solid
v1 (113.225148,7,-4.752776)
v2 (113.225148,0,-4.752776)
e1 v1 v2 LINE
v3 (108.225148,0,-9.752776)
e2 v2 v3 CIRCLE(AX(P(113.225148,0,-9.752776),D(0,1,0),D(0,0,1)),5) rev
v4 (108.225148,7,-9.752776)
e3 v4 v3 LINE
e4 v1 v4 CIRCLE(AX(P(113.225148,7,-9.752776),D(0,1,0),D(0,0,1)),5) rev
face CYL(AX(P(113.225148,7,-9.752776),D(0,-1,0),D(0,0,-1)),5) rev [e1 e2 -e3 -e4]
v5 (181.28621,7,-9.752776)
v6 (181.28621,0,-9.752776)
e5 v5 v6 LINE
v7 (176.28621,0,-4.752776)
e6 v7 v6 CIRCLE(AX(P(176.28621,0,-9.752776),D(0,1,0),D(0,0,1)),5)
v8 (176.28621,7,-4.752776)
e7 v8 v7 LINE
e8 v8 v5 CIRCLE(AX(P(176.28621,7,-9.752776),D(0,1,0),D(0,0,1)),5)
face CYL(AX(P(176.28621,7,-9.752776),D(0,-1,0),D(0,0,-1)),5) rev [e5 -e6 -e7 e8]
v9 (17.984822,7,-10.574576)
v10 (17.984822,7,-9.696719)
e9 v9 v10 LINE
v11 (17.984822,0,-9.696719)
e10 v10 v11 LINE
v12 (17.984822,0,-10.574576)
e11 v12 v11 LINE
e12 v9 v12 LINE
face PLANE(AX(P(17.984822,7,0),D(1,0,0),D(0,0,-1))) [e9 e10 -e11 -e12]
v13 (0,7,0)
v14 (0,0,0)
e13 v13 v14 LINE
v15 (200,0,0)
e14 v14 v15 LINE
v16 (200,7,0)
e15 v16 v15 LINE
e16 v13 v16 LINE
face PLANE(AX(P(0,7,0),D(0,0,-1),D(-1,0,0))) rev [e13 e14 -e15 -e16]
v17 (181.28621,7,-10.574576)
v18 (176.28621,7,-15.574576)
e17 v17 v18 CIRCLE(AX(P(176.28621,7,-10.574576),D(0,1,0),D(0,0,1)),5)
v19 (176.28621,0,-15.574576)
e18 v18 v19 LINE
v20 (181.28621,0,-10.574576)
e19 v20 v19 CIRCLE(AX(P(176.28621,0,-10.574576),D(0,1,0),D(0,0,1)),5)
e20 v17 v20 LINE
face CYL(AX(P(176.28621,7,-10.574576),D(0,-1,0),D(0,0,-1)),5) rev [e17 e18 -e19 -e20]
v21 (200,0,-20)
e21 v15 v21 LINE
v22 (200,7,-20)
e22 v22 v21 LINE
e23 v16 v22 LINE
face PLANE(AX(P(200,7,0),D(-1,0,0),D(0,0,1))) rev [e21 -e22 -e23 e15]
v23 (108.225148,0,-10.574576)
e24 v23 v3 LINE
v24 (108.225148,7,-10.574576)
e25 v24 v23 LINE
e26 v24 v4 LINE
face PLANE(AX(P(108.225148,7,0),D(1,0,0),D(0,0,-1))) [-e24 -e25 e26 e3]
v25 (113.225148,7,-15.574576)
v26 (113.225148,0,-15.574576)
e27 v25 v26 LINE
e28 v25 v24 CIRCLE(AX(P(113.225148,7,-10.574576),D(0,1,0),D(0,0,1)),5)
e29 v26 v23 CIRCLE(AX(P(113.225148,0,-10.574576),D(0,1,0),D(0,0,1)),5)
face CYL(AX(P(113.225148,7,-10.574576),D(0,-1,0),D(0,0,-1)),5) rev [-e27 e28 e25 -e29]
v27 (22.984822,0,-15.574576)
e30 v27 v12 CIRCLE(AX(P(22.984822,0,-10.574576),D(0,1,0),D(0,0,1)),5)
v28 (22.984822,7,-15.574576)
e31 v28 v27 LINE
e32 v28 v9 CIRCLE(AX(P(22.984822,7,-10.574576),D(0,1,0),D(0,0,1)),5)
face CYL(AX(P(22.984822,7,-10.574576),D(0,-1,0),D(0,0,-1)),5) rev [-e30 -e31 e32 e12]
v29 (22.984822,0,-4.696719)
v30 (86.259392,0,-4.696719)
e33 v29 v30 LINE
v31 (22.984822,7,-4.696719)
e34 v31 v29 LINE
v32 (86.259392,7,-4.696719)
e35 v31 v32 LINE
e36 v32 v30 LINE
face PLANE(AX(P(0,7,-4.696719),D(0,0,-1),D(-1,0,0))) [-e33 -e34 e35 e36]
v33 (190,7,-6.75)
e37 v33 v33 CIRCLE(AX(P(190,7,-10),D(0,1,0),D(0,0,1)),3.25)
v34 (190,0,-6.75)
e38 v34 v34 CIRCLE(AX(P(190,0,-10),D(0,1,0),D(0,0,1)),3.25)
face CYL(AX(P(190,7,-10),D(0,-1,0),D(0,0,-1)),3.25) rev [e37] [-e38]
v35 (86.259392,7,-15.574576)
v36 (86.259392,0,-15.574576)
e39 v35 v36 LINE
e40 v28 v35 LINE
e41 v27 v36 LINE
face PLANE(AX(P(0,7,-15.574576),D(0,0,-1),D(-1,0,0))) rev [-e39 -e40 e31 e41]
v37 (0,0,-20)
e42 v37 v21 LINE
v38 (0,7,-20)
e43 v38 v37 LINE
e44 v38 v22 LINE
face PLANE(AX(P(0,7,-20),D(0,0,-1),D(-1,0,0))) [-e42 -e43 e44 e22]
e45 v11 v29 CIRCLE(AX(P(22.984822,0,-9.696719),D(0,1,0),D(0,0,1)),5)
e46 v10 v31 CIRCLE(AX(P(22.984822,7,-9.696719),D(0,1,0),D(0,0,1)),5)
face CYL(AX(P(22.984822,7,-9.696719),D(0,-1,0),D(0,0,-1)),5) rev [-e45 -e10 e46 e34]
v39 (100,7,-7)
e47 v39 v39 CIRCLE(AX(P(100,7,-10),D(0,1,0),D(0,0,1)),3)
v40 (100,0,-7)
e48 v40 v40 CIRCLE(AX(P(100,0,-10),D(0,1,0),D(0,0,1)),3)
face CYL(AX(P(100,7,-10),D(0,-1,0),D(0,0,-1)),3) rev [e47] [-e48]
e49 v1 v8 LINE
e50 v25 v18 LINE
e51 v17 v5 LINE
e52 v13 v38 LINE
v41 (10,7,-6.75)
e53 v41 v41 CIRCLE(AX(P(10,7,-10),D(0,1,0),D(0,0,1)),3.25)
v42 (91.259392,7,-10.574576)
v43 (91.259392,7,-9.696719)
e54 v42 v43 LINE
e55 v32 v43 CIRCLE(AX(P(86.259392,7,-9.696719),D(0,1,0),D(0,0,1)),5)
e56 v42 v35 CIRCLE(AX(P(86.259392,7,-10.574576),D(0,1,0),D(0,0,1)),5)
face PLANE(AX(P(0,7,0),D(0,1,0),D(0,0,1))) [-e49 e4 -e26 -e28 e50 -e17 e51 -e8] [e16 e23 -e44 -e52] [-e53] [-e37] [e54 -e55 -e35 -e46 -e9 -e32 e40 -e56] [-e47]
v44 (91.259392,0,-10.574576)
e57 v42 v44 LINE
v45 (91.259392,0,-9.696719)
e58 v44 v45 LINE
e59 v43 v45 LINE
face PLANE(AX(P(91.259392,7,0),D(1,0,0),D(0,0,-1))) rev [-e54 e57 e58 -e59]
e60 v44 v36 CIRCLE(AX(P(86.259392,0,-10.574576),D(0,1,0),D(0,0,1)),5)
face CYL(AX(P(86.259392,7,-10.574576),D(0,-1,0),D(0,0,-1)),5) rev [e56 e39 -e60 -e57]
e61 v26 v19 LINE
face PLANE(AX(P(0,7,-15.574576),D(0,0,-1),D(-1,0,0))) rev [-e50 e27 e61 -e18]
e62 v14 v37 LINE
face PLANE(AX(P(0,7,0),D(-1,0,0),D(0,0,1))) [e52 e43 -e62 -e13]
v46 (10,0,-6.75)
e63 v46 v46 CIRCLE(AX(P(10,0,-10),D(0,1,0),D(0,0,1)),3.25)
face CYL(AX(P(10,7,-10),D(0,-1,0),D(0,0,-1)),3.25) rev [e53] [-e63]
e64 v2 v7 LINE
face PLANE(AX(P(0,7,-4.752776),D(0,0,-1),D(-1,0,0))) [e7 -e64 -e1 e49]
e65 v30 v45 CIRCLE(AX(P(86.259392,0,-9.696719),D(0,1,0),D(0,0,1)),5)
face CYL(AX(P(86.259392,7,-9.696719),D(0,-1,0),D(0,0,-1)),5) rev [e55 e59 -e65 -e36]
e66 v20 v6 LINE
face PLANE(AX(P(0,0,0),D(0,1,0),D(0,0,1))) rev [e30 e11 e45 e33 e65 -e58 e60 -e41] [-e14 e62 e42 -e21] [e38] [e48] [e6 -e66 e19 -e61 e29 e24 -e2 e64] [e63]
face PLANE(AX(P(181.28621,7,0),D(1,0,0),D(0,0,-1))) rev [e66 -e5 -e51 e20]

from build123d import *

# Parameters (mm, degrees)
SZKIC1_W                    = 200
SZKIC1_H                    = 20
SZKIC1_R                    = 3
SZKIC1_R_2                  = 3.25
DODANIE_WYCI_GNI_CIE1_DEPTH = 7


with BuildPart() as part:
    # Szkic1 → Dodanie-wyciągnięcie1 (new body)
    with BuildSketch(Plane(origin=(0, 0, 0), x_dir=(1, 0, 0), z_dir=(0, 1, 0))):
        with Locations((100, 10)):
            Rectangle(SZKIC1_W, SZKIC1_H)
        with Locations(Location((100, 10, 0), (0, 0, 270))):
            Circle(SZKIC1_R, mode=Mode.SUBTRACT)
        with Locations(Location((10, 10, 0), (0, 0, 270))):
            Circle(SZKIC1_R_2, mode=Mode.SUBTRACT)
        with Locations(Location((190, 10, 0), (0, 0, 270))):
            Circle(SZKIC1_R_2, mode=Mode.SUBTRACT)
        with BuildLine():
            Line((22.984822323, 15.57457628), (86.25939238, 15.57457628))
            ThreePointArc((86.25939238, 15.57457628), (89.794926286, 14.110110186), (91.25939238, 10.57457628))
            Line((91.25939238, 10.57457628), (91.25939238, 9.696719379))
            ThreePointArc((91.25939238, 9.696719379), (89.794926286, 6.161185473), (86.25939238, 4.696719379))
            Line((86.25939238, 4.696719379), (22.984822323, 4.696719379))
            ThreePointArc((22.984822323, 4.696719379), (19.449288417, 6.161185473), (17.984822323, 9.696719379))
            Line((17.984822323, 9.696719379), (17.984822323, 10.57457628))
            ThreePointArc((17.984822323, 10.57457628), (19.449288417, 14.110110186), (22.984822323, 15.57457628))
        make_face(mode=Mode.SUBTRACT)
        with BuildLine():
            Line((113.225148066, 15.57457628), (176.286209663, 15.57457628))
            ThreePointArc((176.286209663, 15.57457628), (179.821743569, 14.110110186), (181.286209663, 10.57457628))
            Line((181.286209663, 10.57457628), (181.286209663, 9.752776346))
            ThreePointArc((181.286209663, 9.752776346), (179.821743569, 6.21724244), (176.286209663, 4.752776346))
            Line((176.286209663, 4.752776346), (113.225148066, 4.752776346))
            ThreePointArc((113.225148066, 4.752776346), (109.68961416, 6.21724244), (108.225148066, 9.752776346))
            Line((108.225148066, 9.752776346), (108.225148066, 10.57457628))
            ThreePointArc((108.225148066, 10.57457628), (109.68961416, 14.110110186), (113.225148066, 15.57457628))
        make_face(mode=Mode.SUBTRACT)
    extrude(amount=DODANIE_WYCI_GNI_CIE1_DEPTH)


solid = part.part
